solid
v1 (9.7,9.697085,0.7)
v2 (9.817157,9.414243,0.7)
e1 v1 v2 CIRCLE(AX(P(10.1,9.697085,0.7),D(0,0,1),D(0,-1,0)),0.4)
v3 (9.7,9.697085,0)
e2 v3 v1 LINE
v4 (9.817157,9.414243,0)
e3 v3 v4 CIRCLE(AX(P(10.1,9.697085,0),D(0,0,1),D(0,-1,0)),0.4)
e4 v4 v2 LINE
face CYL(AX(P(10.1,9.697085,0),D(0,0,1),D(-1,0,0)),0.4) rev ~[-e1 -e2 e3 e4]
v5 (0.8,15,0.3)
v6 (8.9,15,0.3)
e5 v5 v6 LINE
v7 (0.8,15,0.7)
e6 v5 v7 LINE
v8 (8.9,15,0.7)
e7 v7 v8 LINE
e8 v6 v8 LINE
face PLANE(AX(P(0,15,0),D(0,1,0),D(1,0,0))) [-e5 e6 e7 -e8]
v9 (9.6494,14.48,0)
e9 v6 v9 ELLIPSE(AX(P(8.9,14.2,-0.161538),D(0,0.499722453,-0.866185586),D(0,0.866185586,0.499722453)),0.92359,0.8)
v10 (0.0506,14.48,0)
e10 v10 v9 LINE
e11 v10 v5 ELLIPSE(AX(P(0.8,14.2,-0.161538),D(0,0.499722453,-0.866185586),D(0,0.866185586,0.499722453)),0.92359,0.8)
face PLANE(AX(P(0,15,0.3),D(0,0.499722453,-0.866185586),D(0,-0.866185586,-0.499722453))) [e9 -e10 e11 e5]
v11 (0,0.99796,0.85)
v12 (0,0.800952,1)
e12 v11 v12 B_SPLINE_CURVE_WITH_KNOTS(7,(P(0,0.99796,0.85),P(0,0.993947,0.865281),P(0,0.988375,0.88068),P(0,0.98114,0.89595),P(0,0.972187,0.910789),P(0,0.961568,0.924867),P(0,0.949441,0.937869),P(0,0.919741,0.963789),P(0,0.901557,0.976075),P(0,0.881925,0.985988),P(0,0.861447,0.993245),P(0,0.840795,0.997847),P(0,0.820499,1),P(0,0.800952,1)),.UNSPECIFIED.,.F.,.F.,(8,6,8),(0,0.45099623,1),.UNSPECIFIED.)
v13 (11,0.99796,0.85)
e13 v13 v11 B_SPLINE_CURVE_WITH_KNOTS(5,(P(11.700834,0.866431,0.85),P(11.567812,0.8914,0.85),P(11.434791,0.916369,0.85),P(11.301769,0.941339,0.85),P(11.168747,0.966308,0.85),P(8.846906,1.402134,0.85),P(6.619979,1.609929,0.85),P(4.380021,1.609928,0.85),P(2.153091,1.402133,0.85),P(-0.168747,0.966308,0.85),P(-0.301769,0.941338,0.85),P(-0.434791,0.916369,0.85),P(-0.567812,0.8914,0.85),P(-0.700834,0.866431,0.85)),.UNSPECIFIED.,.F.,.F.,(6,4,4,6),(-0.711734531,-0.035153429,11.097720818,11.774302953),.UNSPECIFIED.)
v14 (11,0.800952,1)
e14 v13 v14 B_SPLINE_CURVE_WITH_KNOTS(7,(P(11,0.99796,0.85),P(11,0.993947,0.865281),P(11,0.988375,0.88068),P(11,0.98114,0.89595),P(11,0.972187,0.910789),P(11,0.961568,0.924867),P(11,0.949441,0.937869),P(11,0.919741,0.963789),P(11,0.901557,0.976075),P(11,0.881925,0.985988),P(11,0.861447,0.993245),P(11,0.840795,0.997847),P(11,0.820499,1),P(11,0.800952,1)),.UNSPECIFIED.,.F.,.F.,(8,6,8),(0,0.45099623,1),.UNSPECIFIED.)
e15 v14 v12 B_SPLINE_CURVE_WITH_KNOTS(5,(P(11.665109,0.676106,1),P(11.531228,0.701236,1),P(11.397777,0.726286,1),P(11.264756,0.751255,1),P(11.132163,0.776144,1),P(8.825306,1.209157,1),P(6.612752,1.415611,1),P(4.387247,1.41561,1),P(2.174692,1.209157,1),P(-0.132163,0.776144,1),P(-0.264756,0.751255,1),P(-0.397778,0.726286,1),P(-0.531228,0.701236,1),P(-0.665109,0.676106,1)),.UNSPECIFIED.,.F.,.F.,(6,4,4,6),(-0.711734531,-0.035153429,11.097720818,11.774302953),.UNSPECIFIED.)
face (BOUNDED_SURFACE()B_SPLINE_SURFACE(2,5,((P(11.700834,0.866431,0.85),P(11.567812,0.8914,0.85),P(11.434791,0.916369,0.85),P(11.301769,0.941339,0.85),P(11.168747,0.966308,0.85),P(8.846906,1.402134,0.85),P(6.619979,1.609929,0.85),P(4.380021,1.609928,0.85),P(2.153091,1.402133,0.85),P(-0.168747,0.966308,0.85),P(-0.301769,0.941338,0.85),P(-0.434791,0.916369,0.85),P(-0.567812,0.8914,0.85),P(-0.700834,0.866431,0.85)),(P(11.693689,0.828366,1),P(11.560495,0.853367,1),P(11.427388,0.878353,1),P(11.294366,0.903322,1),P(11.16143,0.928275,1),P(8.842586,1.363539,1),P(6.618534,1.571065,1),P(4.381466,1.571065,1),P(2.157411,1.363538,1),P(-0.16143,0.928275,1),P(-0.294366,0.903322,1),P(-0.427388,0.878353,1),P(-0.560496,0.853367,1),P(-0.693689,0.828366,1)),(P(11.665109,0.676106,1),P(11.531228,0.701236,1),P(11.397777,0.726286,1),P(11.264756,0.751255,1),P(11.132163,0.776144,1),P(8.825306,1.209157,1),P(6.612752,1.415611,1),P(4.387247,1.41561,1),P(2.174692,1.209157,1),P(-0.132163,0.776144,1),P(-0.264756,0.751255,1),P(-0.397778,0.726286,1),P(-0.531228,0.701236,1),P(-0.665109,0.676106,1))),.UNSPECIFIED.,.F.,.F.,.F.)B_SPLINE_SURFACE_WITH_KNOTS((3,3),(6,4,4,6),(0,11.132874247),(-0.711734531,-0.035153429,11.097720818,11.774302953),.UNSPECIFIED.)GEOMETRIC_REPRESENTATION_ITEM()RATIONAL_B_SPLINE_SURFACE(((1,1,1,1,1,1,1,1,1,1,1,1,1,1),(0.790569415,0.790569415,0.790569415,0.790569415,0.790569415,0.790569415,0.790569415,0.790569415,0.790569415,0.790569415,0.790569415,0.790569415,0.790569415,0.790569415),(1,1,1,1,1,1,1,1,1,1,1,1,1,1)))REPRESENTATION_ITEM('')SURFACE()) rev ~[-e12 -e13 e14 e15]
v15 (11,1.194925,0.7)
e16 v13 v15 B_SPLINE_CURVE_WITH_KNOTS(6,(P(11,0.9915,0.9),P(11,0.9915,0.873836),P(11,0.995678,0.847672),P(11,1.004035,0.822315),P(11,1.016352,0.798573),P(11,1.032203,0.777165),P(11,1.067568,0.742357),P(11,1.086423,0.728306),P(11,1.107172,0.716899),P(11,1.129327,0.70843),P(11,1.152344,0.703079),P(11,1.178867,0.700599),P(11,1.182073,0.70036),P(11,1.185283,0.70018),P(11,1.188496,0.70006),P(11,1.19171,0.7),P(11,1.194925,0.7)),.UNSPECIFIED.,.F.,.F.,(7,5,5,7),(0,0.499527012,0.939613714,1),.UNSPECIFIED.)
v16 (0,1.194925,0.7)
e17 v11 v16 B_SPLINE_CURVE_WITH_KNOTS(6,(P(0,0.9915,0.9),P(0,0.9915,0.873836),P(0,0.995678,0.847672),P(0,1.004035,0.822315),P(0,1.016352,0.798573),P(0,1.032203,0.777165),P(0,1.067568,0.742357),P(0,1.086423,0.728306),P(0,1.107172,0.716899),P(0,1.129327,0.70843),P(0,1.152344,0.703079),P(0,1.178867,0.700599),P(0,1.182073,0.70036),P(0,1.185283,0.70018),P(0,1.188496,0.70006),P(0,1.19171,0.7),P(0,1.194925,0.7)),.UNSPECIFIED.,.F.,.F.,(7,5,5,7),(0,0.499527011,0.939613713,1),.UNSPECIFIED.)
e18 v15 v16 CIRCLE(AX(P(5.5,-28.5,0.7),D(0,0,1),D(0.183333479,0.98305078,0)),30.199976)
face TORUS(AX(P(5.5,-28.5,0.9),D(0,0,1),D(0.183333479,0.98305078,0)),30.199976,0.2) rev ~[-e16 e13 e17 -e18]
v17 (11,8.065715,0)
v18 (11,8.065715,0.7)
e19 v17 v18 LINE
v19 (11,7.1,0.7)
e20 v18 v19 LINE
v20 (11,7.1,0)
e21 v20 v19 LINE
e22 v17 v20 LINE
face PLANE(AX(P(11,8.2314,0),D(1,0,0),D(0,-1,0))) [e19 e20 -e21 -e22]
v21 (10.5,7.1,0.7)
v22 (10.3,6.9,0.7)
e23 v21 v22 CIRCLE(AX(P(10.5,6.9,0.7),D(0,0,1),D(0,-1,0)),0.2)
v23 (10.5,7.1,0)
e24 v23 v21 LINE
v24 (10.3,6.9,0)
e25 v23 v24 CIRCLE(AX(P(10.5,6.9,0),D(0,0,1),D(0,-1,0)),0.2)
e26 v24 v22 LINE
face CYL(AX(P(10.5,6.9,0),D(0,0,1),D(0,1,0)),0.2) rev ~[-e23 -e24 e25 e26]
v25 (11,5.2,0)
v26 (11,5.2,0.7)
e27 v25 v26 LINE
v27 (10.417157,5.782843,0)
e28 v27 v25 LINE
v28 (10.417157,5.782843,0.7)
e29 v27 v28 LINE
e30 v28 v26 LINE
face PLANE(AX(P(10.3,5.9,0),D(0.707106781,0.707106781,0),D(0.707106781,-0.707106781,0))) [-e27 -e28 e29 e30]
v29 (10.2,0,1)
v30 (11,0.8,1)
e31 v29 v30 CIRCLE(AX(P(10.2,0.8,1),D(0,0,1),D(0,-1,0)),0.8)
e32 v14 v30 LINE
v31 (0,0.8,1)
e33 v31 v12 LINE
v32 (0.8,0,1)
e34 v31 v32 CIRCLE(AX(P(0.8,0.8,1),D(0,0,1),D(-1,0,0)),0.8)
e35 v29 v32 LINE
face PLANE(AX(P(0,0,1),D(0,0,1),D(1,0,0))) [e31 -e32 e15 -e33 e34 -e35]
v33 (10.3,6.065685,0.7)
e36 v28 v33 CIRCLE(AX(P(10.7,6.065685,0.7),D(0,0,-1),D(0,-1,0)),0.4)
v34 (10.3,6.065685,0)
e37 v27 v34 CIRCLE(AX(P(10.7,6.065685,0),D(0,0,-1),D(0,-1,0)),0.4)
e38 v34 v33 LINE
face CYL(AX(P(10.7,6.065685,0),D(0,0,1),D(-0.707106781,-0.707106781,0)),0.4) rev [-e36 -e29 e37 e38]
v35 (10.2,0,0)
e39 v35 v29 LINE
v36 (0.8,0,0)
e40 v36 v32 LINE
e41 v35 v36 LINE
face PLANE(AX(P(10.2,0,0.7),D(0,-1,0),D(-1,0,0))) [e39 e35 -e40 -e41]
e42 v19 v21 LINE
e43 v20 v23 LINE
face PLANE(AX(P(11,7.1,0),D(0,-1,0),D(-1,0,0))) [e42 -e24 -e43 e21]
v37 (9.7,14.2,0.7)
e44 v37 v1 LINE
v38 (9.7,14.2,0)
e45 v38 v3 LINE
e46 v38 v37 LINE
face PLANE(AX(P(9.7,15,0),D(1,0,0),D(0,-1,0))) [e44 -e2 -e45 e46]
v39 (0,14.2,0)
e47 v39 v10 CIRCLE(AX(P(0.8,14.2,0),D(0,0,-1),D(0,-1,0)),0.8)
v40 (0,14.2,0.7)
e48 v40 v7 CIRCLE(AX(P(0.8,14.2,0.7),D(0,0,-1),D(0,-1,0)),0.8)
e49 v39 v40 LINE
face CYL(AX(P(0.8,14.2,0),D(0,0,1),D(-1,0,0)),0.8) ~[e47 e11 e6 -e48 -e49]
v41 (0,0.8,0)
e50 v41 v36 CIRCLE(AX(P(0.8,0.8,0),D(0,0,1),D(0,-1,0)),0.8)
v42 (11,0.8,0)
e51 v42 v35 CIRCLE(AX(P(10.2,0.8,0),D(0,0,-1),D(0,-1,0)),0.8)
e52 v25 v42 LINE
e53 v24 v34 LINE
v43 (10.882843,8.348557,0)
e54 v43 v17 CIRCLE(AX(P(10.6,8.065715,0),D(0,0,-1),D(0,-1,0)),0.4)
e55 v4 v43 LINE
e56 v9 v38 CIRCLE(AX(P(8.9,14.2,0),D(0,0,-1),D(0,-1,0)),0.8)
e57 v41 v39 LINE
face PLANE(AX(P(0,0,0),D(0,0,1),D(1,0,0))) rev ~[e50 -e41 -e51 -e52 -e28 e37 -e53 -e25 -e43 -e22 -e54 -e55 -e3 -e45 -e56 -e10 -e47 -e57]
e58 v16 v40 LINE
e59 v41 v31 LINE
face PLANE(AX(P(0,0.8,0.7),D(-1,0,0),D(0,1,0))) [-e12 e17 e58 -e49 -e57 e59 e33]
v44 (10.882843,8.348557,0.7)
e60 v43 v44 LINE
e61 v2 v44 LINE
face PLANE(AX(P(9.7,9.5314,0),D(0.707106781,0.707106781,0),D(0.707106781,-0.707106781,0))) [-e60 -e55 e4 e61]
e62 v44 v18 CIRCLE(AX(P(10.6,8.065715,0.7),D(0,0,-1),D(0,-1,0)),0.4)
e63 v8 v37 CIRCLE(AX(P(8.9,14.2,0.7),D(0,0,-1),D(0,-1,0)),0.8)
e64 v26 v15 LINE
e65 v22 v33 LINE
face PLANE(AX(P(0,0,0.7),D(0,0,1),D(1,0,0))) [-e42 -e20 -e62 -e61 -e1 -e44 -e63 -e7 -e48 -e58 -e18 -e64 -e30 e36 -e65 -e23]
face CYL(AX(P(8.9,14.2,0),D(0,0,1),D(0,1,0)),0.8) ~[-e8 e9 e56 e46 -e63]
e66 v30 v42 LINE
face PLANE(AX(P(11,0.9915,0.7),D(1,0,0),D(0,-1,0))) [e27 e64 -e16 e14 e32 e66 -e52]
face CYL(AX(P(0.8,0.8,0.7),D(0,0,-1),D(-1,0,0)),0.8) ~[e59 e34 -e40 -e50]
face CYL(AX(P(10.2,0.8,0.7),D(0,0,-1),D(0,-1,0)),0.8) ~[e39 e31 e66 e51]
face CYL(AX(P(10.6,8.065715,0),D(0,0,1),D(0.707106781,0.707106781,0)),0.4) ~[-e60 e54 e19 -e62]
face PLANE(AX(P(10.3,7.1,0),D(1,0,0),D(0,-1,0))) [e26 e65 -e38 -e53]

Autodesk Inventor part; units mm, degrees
ref_plane "YZ Plane" through (0, 0, 0) normal (1, 0, 0) x (0, 1, 0)
ref_plane "XZ Plane" through (0, 0, 0) normal (0, 1, 0) x (-1, 0, 0)
ref_plane "XY Plane" through (0, 0, 0) normal (0, 0, 1) x (1, 0, 0)
sketch "Sketch1" plane through (0, 0, 0) normal (0, 0, 1) x (1, 0, 0)
  line L0 (0, 0) -> (0, 15)
  line L1 (0, 15) -> (9.7, 15)
  line L2 (9.7, 15) -> (9.7, 9.5314)
  line L3 (9.7, 9.5314) -> (11, 8.2314)
  line L4 (11, 8.2314) -> (11, 7.1)
  line L5 (11, 7.1) -> (10.3, 7.1)
  line L6 (10.3, 7.1) -> (10.3, 5.9)
  line L7 (10.3, 5.9) -> (11, 5.2)
  line L8 (11, 5.2) -> (11, 0)
  line L9 (11, 0) -> (0, 0)
  dimension "d0" = 11
  dimension "d1" = 15
  dimension "d2" = 135
  dimension "d5" = 9.7
  dimension "d6" = 1.2
  dimension "d7" = 0.7
  dimension "d8" = 0.8
  dimension "d9" = 7.9
  dimension "d11" = 0
extrude "Extrusion1" add sketch "Sketch1" along normal blind 0.7
fillet "Fillet1" radius 0.8 4 edges at (9.7, 15, 0.35) (0, 15, 0.35) (0, 0, 0.35) (11, 0, 0.35)
fillet "Fillet2" radius 0.4 3 edges at (9.7, 9.5314, 0.35) (11, 8.2314, 0.35) (10.3, 5.9, 0.35)
fillet "Fillet3" radius 0.2 1 edges at (10.3, 7.1, 0.35)
sketch "Sketch3" plane through (0, 0.8, 0) normal (-1, 0, 0) x (0, 0, 1)
  line L0 (0, 0) -> (0, 13.4) projected
  line L1 (0, 14.2) -> (0.3, 14.2)
  line L2 (0.3, 14.2) -> (0, 13.68)
  line L3 (0, 14.2) -> (0, 13.68)
  line L4 (0.7, 14.2) -> (0, 14.2) projected
  point P0 (0, -0.8)
  dimension "d17" = 0.52
  dimension "d18" = 0
  dimension "d19" = 0.3
extrude "Extrusion2" cut sketch "Sketch3" against normal through all
sketch "Sketch4" plane through (0, 0, 0.7) normal (0, 0, 1) x (1, 0, 0)
  line L0 (0, 0.8) -> (0, 14.2) projected
  arc A0 (0, 0.8) -> (0.8, 0) centre (0.8, 0.8) ccw projected
  line L1 (10.2, 0) -> (0.8, 0) projected
  arc A1 (10.2, 0) -> (11, 0.8) centre (10.2, 0.8) ccw projected
  line L2 (11, 5.2) -> (11, 0.8) projected
  arc A2 (11, 0.9915) -> (0, 0.9915) centre (5.5, -28.5) ccw
  point P0 (0, 0)
  dimension "d22" = 30
  dimension "d23" = 1.5
  dimension "d24" = 0.9915
  dimension "d25" = 0.9915
extrude "Extrusion3" add sketch "Sketch4" along normal blind 0.3
fillet "Fillet4" radius 0.2 2 edges at (5.5, 1.5, 0.7) (5.5, 1.5, 1)
equation "\"d24\" = d25"
